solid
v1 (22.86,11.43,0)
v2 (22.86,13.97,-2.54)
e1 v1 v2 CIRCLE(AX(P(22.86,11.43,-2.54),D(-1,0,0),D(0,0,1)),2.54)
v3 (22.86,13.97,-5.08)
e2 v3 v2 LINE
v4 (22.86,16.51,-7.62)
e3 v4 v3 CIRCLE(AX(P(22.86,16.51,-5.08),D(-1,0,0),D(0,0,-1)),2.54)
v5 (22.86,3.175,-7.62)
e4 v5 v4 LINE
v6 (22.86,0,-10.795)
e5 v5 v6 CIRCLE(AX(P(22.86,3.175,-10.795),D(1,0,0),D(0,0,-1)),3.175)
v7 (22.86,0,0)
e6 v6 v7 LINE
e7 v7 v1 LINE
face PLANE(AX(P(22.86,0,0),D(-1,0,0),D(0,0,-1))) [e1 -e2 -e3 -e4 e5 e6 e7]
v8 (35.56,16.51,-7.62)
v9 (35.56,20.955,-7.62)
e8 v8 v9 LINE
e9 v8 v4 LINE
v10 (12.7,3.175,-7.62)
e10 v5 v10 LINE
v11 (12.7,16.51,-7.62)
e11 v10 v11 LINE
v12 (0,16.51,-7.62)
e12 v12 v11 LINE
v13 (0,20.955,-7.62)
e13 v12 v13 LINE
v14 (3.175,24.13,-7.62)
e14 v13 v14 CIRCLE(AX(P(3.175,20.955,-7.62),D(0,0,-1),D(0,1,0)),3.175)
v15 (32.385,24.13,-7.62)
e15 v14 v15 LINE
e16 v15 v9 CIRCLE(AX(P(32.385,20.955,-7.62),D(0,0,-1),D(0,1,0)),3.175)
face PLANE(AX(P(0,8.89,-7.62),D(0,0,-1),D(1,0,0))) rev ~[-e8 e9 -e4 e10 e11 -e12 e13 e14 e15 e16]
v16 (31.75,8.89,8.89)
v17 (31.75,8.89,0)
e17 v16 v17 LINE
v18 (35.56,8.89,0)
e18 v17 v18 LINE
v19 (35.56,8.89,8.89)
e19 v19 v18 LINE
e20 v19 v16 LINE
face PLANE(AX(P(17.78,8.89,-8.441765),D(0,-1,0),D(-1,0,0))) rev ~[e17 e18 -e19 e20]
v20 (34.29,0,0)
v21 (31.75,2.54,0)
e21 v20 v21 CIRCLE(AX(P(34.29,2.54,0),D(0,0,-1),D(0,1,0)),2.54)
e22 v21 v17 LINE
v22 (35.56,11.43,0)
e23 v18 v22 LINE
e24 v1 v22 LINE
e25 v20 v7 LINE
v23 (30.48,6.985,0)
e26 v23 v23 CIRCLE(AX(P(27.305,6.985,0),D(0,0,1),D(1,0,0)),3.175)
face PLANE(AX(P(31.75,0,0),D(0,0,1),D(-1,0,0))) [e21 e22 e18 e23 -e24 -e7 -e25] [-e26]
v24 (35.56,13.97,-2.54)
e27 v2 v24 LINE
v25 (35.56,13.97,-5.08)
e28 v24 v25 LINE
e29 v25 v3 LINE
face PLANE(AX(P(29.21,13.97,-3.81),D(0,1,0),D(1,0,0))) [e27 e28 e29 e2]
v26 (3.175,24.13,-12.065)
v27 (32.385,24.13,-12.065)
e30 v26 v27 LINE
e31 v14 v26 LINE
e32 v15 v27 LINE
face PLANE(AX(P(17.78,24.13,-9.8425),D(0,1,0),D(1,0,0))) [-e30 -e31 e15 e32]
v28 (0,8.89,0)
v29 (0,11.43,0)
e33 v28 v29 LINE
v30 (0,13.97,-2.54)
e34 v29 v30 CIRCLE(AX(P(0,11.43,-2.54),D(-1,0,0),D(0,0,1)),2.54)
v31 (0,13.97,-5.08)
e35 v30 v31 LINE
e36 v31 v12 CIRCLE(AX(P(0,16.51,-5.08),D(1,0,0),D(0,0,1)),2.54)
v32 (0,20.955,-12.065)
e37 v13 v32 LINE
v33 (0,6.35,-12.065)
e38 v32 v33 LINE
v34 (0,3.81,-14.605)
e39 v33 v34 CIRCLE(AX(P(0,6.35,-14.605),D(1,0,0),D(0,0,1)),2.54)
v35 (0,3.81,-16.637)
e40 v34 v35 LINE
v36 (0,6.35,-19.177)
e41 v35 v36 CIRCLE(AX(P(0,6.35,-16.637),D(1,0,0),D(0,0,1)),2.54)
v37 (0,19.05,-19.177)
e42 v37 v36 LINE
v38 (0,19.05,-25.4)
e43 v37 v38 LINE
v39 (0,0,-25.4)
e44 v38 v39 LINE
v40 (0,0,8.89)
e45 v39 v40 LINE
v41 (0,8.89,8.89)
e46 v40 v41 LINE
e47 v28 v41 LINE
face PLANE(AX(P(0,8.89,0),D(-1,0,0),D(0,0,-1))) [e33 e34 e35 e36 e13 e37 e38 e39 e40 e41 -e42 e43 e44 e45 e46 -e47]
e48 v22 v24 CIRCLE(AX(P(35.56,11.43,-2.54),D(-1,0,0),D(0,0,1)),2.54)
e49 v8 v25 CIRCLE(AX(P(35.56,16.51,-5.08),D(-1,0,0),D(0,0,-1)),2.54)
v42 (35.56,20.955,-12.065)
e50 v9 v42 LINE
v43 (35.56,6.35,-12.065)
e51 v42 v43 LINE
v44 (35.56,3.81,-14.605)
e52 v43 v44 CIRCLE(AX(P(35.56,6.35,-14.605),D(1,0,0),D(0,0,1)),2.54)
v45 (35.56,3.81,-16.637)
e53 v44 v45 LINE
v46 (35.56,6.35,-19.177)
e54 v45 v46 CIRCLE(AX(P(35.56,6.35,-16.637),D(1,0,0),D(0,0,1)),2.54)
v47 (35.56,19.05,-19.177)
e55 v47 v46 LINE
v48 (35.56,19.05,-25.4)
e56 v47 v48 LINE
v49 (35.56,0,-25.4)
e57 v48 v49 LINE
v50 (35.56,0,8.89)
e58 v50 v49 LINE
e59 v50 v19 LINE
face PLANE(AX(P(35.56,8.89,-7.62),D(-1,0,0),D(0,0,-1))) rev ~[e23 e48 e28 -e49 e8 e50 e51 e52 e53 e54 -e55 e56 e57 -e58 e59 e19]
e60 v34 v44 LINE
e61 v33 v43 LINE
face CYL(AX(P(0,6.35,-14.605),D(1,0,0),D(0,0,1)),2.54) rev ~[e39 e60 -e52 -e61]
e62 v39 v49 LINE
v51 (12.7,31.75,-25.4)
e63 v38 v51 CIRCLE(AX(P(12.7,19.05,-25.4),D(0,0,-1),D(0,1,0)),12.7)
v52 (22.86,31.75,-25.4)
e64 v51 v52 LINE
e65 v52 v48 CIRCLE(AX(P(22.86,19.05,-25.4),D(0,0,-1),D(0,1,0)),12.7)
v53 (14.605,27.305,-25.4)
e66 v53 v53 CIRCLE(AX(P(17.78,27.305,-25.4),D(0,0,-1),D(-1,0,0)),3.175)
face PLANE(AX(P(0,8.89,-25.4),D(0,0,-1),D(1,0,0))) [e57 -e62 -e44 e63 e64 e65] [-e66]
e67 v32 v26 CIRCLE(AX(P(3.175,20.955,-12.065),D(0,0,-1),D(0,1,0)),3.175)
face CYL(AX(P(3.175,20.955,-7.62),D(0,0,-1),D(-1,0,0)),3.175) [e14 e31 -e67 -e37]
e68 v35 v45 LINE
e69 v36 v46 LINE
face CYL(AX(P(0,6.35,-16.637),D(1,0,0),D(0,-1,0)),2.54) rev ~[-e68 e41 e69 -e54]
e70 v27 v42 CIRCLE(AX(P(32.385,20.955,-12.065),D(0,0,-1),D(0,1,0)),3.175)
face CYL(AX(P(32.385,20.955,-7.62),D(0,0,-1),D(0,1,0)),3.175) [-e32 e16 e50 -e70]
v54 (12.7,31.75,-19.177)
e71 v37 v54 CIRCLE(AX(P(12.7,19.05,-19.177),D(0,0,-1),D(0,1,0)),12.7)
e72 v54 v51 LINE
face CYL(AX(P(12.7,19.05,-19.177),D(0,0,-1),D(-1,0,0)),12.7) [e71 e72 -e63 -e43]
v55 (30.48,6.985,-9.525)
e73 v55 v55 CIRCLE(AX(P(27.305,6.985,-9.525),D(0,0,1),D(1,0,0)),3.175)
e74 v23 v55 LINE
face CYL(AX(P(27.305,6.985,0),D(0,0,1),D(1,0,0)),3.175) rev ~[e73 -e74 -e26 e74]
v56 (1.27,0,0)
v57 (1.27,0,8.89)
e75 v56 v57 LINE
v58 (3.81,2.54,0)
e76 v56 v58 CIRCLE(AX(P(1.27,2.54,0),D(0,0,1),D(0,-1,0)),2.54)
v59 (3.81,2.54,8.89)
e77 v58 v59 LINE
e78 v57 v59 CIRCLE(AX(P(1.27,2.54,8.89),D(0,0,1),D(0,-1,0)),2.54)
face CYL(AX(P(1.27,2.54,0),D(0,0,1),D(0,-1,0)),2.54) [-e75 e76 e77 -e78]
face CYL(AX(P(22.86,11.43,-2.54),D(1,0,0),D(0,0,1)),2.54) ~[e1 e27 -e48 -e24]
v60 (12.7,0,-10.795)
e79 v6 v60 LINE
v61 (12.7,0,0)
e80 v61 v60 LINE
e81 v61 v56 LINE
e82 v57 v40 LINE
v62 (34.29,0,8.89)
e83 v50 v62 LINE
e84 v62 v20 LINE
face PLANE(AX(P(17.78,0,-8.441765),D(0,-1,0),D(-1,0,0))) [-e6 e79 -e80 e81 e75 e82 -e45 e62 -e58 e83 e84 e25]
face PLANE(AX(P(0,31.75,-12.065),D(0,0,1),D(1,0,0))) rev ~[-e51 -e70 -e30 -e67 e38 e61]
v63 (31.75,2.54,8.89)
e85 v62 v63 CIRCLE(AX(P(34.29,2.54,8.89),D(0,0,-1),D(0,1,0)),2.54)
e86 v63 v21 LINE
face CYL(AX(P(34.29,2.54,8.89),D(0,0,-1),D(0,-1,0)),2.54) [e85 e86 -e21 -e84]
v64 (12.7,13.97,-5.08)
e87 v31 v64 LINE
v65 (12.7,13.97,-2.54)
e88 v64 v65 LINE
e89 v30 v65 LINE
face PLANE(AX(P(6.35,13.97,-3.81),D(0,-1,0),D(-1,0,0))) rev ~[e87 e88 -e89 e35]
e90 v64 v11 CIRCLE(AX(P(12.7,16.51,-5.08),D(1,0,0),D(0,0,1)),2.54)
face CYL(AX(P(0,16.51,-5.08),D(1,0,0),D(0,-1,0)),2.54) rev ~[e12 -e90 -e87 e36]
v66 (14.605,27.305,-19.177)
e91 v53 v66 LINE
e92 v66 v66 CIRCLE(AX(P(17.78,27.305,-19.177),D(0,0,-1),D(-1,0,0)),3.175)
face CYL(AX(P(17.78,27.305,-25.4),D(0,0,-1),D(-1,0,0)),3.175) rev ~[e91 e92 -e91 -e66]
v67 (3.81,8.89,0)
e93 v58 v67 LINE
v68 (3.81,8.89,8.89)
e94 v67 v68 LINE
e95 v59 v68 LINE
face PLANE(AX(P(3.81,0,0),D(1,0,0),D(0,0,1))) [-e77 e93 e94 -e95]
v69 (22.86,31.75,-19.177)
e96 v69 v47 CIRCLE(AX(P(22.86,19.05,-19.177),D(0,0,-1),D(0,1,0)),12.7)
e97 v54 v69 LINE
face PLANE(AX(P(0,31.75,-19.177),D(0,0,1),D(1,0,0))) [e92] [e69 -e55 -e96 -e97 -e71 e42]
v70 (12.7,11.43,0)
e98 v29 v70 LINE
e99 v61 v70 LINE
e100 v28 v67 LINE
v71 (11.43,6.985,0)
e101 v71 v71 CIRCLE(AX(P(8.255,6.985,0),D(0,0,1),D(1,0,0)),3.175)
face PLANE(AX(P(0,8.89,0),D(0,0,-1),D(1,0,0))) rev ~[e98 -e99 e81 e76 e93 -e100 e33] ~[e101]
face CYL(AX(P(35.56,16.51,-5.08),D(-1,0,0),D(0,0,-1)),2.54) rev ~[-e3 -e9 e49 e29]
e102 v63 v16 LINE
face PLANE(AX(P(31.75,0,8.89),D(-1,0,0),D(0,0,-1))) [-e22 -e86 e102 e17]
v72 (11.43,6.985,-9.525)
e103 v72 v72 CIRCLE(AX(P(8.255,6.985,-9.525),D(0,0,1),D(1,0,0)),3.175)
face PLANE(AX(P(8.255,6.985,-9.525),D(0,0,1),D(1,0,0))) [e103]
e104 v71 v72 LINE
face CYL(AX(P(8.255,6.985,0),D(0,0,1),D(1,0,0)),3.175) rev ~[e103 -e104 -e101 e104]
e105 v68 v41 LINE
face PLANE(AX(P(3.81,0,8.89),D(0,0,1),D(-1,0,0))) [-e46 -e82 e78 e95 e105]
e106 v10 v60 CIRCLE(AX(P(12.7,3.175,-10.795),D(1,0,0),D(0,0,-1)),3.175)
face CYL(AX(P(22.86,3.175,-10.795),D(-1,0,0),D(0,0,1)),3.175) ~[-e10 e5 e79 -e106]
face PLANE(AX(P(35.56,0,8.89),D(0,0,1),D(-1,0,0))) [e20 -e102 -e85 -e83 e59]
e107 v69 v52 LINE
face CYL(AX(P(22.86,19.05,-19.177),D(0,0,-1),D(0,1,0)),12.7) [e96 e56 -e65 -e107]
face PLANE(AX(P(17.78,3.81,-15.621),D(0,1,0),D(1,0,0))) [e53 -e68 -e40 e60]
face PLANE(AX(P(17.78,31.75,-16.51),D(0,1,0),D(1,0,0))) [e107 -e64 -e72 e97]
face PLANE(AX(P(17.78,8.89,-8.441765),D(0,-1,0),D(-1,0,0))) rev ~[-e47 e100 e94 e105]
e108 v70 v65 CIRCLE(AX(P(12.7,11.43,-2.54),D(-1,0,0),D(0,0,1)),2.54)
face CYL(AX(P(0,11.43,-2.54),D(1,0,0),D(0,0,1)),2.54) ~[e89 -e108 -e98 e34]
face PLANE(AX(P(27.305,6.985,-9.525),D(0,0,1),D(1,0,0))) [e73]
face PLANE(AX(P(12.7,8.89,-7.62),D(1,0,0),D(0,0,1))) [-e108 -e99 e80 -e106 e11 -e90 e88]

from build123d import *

# Parameters (mm, degrees)
BOSS_EXTRUDE1_DEPTH = 8.89
SKETCH2_W           = 35.56
SKETCH2_H           = 17.78
BOSS_EXTRUDE2_DEPTH = 22.86
SKETCH4_W           = 35.56
SKETCH4_H           = 7.112
CUT_EXTRUDE2_DEPTH  = 27.94
SKETCH5_W           = 35.56
SKETCH5_H           = 4.445
CUT_EXTRUDE3_DEPTH  = 7.62
SKETCH6_R           = 3.175
CUT_EXTRUDE4_DEPTH  = 6.35
FILLET1_R           = 12.7
FILLET2_R           = 3.175
FILLET3_R           = 3.175
FILLET6_R           = 2.54
BOSS_EXTRUDE5_DEPTH = 5.08
SKETCH14_R          = 3.175
CUT_EXTRUDE8_DEPTH  = 9.525
FILLET7_R           = 2.54


with BuildPart() as part:
    # Sketch1 → Boss-Extrude1 (new body)
    with BuildSketch(Plane(origin=(0, 0, 0), x_dir=(1, 0, 0), z_dir=(0, 1, 0))):
        Polygon((0, 25.4), (0, 0), (0, -8.89), (3.81, -8.89), (3.81, 0), (12.7, 0), (12.7, 7.62), (22.86, 7.62), (22.86, 0), (31.75, 0), (31.75, -8.89), (35.56, -8.89), (35.56, 0), (35.56, 25.4), align=None)
    extrude(amount=BOSS_EXTRUDE1_DEPTH)

    # Sketch2 → Boss-Extrude2 (add)
    with BuildSketch(Plane(origin=(0, 8.89, 0), x_dir=(1, 0, 0), z_dir=(0, 1, 0))):
        with Locations((17.78, 16.51)):
            Rectangle(SKETCH2_W, SKETCH2_H)
    extrude(amount=BOSS_EXTRUDE2_DEPTH)

    # Sketch4 → Cut-Extrude2 (cut)
    with BuildSketch(Plane(origin=(0, 31.75, 0), x_dir=(1, 0, 0), z_dir=(0, 1, 0))):
        with Locations((17.78, 15.621)):
            Rectangle(SKETCH4_W, SKETCH4_H)
    extrude(amount=-CUT_EXTRUDE2_DEPTH, mode=Mode.SUBTRACT)

    # Sketch5 → Cut-Extrude3 (cut)
    with BuildSketch(Plane(origin=(0, 31.75, 0), x_dir=(1, 0, 0), z_dir=(0, 1, 0))):
        with Locations((17.78, 9.8425)):
            Rectangle(SKETCH5_W, SKETCH5_H)
    extrude(amount=-CUT_EXTRUDE3_DEPTH, mode=Mode.SUBTRACT)

    # Sketch6 → Cut-Extrude4 (cut)
    with BuildSketch(Plane(origin=(0, 0, -25.4), x_dir=(-1, 0, 0), z_dir=(0, 0, -1))):
        with Locations((-17.78, 27.305)):
            Circle(SKETCH6_R)
    extrude(amount=-CUT_EXTRUDE4_DEPTH, mode=Mode.SUBTRACT)

    # Fillet1
    fillet1_edges = [part.edges().sort_by_distance(p)[0] for p in [
        (0, 31.75, -22.2885),
        (35.56, 31.75, -22.2885),
    ]]
    fillet(fillet1_edges, radius=FILLET1_R)

    # Fillet2
    fillet2_edges = [part.edges().sort_by_distance(p)[0] for p in [
        (0, 24.13, -9.8425),
        (35.56, 24.13, -9.8425),
    ]]
    fillet(fillet2_edges, radius=FILLET2_R)

    # Fillet3
    fillet3_edges = [part.edges().sort_by_distance(p)[0] for p in [
        (17.78, 0, -7.62),
    ]]
    fillet(fillet3_edges, radius=FILLET3_R)

    # Fillet6
    fillet6_edges = [part.edges().sort_by_distance(p)[0] for p in [
        (3.81, 0, 4.445),
        (31.75, 0, 4.445),
        (17.78, 3.81, -12.065),
        (17.78, 3.81, -19.177),
    ]]
    fillet(fillet6_edges, radius=FILLET6_R)

    # Sketch13 → Boss-Extrude5 (add)
    with BuildSketch(Plane(origin=(0, 8.89, 0), x_dir=(1, 0, 0), z_dir=(0, 1, 0))):
        Polygon((3.81, 0), (0, 0), (0, 7.62), (12.7, 7.62), (12.7, 0), align=None)
        Polygon((35.56, 7.62), (22.86, 7.62), (22.86, 0), (31.75, 0), (35.56, 0), align=None)
    extrude(amount=BOSS_EXTRUDE5_DEPTH)

    # Sketch14 → Cut-Extrude8 (cut)
    with BuildSketch(Plane.XY):
        with Locations((8.255, 6.985)):
            Circle(SKETCH14_R)
        with Locations((27.305, 6.985)):
            Circle(SKETCH14_R)
    extrude(amount=-CUT_EXTRUDE8_DEPTH, mode=Mode.SUBTRACT)

    # Fillet7
    fillet7_edges = [part.edges().sort_by_distance(p)[0] for p in [
        (29.21, 13.97, -7.62),
        (6.35, 13.97, -7.62),
        (29.21, 13.97, 0),
        (6.35, 13.97, 0),
    ]]
    fillet(fillet7_edges, radius=FILLET7_R)


solid = part.part
